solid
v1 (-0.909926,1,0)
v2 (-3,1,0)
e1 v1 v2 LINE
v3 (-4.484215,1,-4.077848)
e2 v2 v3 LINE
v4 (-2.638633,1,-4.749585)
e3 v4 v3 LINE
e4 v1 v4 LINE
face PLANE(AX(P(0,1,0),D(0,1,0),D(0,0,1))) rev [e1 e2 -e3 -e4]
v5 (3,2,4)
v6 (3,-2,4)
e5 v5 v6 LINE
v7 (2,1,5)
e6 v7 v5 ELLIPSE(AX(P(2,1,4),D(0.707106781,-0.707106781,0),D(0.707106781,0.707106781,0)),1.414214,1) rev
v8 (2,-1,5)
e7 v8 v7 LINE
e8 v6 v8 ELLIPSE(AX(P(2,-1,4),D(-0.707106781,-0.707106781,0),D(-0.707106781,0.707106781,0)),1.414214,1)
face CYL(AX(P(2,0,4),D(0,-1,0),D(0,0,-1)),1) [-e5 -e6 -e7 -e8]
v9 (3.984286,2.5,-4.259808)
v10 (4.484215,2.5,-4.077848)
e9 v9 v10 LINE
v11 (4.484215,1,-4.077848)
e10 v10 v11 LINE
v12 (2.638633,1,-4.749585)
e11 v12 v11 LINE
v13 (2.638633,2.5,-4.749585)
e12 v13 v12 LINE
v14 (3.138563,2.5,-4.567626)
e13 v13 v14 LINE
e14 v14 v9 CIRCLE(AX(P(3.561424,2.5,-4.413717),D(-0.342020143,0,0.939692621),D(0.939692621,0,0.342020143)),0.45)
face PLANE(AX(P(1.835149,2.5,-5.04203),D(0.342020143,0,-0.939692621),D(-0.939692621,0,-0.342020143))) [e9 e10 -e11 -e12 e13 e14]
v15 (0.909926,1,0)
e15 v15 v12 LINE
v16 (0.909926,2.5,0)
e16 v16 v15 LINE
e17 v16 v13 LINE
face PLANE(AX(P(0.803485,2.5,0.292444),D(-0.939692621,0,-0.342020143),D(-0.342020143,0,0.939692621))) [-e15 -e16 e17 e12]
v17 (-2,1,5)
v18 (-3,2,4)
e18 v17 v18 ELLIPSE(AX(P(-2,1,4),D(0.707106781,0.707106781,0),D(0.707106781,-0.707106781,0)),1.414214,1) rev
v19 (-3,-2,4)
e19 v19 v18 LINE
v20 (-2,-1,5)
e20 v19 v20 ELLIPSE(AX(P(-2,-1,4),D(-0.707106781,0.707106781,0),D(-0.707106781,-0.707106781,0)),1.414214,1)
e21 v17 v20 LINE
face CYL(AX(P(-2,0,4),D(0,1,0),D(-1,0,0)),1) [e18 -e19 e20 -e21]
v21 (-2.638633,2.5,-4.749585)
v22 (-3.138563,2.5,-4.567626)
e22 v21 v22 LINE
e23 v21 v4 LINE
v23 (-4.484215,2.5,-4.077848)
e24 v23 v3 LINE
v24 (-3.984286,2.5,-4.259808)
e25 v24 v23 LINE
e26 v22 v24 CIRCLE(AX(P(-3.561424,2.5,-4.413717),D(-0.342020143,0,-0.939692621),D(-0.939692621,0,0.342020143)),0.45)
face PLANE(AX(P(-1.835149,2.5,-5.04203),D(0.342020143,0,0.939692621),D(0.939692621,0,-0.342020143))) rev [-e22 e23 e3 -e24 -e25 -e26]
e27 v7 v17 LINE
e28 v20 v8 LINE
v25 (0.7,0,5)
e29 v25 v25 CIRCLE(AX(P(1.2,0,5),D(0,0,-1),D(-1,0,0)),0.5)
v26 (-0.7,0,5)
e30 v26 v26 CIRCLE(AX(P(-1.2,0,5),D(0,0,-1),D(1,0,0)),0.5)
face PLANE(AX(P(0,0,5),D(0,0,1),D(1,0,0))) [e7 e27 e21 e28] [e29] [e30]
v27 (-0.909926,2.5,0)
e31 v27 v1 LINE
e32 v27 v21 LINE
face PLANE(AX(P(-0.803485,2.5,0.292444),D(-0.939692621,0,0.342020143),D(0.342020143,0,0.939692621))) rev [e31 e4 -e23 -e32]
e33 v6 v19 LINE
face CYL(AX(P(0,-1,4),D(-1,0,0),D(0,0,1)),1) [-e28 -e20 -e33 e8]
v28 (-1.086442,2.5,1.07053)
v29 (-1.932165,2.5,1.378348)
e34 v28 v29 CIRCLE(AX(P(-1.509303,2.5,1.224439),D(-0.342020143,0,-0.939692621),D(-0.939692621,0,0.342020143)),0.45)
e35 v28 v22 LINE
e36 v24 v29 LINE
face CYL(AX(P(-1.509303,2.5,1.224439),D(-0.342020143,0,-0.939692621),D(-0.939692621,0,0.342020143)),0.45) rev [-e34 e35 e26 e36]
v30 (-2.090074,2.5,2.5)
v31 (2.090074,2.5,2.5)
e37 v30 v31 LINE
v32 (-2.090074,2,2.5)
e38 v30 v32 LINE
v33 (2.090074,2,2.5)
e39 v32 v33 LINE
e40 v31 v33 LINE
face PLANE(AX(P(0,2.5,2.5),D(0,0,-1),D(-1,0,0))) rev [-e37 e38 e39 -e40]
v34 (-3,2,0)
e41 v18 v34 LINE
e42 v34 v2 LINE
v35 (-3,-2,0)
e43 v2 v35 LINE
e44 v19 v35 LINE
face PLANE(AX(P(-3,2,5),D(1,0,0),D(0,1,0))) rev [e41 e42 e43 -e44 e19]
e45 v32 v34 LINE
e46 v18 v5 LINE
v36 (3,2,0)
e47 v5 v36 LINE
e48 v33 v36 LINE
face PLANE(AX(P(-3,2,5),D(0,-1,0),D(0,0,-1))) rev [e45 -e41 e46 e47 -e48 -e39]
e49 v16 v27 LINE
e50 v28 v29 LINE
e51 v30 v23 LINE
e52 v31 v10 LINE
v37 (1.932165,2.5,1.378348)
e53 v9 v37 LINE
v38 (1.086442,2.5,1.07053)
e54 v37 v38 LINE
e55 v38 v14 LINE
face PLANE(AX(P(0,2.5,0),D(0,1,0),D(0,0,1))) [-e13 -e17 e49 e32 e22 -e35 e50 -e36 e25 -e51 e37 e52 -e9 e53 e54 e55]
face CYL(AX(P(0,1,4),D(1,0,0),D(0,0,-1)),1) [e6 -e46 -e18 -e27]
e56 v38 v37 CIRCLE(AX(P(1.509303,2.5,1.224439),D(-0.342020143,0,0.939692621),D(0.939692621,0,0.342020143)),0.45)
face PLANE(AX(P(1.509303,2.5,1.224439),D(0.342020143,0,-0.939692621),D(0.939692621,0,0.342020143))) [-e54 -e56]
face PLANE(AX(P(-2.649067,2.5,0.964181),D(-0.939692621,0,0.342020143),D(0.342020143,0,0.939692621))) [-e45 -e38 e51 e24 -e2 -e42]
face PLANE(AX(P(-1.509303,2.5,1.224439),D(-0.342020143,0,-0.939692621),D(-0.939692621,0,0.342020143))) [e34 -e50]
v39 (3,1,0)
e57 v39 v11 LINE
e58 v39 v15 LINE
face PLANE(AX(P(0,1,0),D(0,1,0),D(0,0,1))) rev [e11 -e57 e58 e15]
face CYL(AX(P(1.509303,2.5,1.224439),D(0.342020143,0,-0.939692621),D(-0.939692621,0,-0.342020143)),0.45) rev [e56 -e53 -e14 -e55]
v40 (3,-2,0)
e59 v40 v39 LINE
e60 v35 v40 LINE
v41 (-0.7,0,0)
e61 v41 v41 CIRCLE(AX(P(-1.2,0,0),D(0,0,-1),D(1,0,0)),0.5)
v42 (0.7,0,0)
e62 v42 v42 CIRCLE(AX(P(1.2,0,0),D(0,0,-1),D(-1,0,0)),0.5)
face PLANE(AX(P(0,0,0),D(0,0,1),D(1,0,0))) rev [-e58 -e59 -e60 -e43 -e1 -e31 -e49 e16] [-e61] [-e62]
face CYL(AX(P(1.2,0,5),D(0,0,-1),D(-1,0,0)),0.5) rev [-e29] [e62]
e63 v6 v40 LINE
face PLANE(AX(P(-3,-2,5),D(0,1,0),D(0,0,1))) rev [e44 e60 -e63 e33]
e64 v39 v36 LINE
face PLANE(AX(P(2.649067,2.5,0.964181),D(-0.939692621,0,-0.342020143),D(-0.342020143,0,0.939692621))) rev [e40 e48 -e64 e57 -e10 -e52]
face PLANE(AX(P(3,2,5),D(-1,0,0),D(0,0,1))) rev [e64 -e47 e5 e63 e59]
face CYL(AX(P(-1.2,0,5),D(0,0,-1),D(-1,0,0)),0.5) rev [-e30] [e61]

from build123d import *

# Parameters (mm, degrees)
SKETCH_1_W          = 6
SKETCH_1_H          = 4
EXTRUDE_1_DEPTH     = 5
SKETCH_2_R          = 0.5
CUT_EXTRUDE_1_DEPTH = 5
EXTRUDE_2_DEPTH     = 0.5
EXTRUDE_3_DEPTH     = 1
SKETCH_5_R          = 0.45
CUT_EXTRUDE_2_DEPTH = 6
FILLET_1_R          = 1


with BuildPart() as part:
    # 草图1 → 凸台-拉伸1 (new body)
    with BuildSketch(Plane.XY):
        Rectangle(SKETCH_1_W, SKETCH_1_H)
    extrude(amount=EXTRUDE_1_DEPTH)

    # 草图2 → 切除-拉伸1 (cut)
    with BuildSketch(Plane(origin=(0, 0, 0), x_dir=(-1, 0, 0), z_dir=(0, 0, -1))):
        with Locations((-1.2, 0)):
            Circle(SKETCH_2_R)
        with Locations((1.2, 0)):
            Circle(SKETCH_2_R)
    extrude(amount=-CUT_EXTRUDE_1_DEPTH, mode=Mode.SUBTRACT)

    # 草图3 → 凸台-拉伸2 (add)
    with BuildSketch(Plane(origin=(0, 2, 0), x_dir=(1, 0, 0), z_dir=(0, 1, 0))):
        Polygon((-2.090074414, -2.5), (2.090074414, -2.5), (4.484215418, 4.077848346), (2.638633265, 4.749585314), (0.909925586, 0), (-0.909925586, 0), (-2.638633265, 4.749585314), (-4.484215418, 4.077848346), align=None)
    extrude(amount=EXTRUDE_2_DEPTH)

    # 草图3<7> → 凸台-拉伸3 (add)
    with BuildSketch(Plane(origin=(0, 2, 0), x_dir=(1, 0, 0), z_dir=(0, 1, 0))):
        Polygon((-2.090074414, -2.5), (0, -2.5), (-2.638633265, 4.749585314), (-4.484215418, 4.077848346), align=None)
        Polygon((0, -2.5), (2.090074414, -2.5), (4.484215418, 4.077848346), (2.638633265, 4.749585314), align=None)
    extrude(amount=-EXTRUDE_3_DEPTH)

    # 草图5 → 切除-拉伸2 (cut)
    with BuildSketch(Plane(origin=(-1.835148753, 0, -5.04202976), x_dir=(-0.9396926207859081, 0, 0.34202014332566977), z_dir=(-0.3420201433256697, 0, -0.939692620785908))):
        with Locations((1.83706411, 2.5)):
            Circle(SKETCH_5_R)
    cut_extrude_2 = extrude(amount=-CUT_EXTRUDE_2_DEPTH, mode=Mode.SUBTRACT)

    # 镜向1: 切除-拉伸2 across plane
    add(cut_extrude_2.mirror(Plane(origin=(0, 0, 0), x_dir=(0, 0, 1), z_dir=(1, 0, 0))), mode=Mode.SUBTRACT)

    # 圆角1
    fillet_1_edges = [part.edges().sort_by_distance(p)[0] for p in [
        (-3, 0, 5),
        (3, 0, 5),
        (0, -2, 5),
        (0, 2, 5),
    ]]
    fillet(fillet_1_edges, radius=FILLET_1_R)


solid = part.part
